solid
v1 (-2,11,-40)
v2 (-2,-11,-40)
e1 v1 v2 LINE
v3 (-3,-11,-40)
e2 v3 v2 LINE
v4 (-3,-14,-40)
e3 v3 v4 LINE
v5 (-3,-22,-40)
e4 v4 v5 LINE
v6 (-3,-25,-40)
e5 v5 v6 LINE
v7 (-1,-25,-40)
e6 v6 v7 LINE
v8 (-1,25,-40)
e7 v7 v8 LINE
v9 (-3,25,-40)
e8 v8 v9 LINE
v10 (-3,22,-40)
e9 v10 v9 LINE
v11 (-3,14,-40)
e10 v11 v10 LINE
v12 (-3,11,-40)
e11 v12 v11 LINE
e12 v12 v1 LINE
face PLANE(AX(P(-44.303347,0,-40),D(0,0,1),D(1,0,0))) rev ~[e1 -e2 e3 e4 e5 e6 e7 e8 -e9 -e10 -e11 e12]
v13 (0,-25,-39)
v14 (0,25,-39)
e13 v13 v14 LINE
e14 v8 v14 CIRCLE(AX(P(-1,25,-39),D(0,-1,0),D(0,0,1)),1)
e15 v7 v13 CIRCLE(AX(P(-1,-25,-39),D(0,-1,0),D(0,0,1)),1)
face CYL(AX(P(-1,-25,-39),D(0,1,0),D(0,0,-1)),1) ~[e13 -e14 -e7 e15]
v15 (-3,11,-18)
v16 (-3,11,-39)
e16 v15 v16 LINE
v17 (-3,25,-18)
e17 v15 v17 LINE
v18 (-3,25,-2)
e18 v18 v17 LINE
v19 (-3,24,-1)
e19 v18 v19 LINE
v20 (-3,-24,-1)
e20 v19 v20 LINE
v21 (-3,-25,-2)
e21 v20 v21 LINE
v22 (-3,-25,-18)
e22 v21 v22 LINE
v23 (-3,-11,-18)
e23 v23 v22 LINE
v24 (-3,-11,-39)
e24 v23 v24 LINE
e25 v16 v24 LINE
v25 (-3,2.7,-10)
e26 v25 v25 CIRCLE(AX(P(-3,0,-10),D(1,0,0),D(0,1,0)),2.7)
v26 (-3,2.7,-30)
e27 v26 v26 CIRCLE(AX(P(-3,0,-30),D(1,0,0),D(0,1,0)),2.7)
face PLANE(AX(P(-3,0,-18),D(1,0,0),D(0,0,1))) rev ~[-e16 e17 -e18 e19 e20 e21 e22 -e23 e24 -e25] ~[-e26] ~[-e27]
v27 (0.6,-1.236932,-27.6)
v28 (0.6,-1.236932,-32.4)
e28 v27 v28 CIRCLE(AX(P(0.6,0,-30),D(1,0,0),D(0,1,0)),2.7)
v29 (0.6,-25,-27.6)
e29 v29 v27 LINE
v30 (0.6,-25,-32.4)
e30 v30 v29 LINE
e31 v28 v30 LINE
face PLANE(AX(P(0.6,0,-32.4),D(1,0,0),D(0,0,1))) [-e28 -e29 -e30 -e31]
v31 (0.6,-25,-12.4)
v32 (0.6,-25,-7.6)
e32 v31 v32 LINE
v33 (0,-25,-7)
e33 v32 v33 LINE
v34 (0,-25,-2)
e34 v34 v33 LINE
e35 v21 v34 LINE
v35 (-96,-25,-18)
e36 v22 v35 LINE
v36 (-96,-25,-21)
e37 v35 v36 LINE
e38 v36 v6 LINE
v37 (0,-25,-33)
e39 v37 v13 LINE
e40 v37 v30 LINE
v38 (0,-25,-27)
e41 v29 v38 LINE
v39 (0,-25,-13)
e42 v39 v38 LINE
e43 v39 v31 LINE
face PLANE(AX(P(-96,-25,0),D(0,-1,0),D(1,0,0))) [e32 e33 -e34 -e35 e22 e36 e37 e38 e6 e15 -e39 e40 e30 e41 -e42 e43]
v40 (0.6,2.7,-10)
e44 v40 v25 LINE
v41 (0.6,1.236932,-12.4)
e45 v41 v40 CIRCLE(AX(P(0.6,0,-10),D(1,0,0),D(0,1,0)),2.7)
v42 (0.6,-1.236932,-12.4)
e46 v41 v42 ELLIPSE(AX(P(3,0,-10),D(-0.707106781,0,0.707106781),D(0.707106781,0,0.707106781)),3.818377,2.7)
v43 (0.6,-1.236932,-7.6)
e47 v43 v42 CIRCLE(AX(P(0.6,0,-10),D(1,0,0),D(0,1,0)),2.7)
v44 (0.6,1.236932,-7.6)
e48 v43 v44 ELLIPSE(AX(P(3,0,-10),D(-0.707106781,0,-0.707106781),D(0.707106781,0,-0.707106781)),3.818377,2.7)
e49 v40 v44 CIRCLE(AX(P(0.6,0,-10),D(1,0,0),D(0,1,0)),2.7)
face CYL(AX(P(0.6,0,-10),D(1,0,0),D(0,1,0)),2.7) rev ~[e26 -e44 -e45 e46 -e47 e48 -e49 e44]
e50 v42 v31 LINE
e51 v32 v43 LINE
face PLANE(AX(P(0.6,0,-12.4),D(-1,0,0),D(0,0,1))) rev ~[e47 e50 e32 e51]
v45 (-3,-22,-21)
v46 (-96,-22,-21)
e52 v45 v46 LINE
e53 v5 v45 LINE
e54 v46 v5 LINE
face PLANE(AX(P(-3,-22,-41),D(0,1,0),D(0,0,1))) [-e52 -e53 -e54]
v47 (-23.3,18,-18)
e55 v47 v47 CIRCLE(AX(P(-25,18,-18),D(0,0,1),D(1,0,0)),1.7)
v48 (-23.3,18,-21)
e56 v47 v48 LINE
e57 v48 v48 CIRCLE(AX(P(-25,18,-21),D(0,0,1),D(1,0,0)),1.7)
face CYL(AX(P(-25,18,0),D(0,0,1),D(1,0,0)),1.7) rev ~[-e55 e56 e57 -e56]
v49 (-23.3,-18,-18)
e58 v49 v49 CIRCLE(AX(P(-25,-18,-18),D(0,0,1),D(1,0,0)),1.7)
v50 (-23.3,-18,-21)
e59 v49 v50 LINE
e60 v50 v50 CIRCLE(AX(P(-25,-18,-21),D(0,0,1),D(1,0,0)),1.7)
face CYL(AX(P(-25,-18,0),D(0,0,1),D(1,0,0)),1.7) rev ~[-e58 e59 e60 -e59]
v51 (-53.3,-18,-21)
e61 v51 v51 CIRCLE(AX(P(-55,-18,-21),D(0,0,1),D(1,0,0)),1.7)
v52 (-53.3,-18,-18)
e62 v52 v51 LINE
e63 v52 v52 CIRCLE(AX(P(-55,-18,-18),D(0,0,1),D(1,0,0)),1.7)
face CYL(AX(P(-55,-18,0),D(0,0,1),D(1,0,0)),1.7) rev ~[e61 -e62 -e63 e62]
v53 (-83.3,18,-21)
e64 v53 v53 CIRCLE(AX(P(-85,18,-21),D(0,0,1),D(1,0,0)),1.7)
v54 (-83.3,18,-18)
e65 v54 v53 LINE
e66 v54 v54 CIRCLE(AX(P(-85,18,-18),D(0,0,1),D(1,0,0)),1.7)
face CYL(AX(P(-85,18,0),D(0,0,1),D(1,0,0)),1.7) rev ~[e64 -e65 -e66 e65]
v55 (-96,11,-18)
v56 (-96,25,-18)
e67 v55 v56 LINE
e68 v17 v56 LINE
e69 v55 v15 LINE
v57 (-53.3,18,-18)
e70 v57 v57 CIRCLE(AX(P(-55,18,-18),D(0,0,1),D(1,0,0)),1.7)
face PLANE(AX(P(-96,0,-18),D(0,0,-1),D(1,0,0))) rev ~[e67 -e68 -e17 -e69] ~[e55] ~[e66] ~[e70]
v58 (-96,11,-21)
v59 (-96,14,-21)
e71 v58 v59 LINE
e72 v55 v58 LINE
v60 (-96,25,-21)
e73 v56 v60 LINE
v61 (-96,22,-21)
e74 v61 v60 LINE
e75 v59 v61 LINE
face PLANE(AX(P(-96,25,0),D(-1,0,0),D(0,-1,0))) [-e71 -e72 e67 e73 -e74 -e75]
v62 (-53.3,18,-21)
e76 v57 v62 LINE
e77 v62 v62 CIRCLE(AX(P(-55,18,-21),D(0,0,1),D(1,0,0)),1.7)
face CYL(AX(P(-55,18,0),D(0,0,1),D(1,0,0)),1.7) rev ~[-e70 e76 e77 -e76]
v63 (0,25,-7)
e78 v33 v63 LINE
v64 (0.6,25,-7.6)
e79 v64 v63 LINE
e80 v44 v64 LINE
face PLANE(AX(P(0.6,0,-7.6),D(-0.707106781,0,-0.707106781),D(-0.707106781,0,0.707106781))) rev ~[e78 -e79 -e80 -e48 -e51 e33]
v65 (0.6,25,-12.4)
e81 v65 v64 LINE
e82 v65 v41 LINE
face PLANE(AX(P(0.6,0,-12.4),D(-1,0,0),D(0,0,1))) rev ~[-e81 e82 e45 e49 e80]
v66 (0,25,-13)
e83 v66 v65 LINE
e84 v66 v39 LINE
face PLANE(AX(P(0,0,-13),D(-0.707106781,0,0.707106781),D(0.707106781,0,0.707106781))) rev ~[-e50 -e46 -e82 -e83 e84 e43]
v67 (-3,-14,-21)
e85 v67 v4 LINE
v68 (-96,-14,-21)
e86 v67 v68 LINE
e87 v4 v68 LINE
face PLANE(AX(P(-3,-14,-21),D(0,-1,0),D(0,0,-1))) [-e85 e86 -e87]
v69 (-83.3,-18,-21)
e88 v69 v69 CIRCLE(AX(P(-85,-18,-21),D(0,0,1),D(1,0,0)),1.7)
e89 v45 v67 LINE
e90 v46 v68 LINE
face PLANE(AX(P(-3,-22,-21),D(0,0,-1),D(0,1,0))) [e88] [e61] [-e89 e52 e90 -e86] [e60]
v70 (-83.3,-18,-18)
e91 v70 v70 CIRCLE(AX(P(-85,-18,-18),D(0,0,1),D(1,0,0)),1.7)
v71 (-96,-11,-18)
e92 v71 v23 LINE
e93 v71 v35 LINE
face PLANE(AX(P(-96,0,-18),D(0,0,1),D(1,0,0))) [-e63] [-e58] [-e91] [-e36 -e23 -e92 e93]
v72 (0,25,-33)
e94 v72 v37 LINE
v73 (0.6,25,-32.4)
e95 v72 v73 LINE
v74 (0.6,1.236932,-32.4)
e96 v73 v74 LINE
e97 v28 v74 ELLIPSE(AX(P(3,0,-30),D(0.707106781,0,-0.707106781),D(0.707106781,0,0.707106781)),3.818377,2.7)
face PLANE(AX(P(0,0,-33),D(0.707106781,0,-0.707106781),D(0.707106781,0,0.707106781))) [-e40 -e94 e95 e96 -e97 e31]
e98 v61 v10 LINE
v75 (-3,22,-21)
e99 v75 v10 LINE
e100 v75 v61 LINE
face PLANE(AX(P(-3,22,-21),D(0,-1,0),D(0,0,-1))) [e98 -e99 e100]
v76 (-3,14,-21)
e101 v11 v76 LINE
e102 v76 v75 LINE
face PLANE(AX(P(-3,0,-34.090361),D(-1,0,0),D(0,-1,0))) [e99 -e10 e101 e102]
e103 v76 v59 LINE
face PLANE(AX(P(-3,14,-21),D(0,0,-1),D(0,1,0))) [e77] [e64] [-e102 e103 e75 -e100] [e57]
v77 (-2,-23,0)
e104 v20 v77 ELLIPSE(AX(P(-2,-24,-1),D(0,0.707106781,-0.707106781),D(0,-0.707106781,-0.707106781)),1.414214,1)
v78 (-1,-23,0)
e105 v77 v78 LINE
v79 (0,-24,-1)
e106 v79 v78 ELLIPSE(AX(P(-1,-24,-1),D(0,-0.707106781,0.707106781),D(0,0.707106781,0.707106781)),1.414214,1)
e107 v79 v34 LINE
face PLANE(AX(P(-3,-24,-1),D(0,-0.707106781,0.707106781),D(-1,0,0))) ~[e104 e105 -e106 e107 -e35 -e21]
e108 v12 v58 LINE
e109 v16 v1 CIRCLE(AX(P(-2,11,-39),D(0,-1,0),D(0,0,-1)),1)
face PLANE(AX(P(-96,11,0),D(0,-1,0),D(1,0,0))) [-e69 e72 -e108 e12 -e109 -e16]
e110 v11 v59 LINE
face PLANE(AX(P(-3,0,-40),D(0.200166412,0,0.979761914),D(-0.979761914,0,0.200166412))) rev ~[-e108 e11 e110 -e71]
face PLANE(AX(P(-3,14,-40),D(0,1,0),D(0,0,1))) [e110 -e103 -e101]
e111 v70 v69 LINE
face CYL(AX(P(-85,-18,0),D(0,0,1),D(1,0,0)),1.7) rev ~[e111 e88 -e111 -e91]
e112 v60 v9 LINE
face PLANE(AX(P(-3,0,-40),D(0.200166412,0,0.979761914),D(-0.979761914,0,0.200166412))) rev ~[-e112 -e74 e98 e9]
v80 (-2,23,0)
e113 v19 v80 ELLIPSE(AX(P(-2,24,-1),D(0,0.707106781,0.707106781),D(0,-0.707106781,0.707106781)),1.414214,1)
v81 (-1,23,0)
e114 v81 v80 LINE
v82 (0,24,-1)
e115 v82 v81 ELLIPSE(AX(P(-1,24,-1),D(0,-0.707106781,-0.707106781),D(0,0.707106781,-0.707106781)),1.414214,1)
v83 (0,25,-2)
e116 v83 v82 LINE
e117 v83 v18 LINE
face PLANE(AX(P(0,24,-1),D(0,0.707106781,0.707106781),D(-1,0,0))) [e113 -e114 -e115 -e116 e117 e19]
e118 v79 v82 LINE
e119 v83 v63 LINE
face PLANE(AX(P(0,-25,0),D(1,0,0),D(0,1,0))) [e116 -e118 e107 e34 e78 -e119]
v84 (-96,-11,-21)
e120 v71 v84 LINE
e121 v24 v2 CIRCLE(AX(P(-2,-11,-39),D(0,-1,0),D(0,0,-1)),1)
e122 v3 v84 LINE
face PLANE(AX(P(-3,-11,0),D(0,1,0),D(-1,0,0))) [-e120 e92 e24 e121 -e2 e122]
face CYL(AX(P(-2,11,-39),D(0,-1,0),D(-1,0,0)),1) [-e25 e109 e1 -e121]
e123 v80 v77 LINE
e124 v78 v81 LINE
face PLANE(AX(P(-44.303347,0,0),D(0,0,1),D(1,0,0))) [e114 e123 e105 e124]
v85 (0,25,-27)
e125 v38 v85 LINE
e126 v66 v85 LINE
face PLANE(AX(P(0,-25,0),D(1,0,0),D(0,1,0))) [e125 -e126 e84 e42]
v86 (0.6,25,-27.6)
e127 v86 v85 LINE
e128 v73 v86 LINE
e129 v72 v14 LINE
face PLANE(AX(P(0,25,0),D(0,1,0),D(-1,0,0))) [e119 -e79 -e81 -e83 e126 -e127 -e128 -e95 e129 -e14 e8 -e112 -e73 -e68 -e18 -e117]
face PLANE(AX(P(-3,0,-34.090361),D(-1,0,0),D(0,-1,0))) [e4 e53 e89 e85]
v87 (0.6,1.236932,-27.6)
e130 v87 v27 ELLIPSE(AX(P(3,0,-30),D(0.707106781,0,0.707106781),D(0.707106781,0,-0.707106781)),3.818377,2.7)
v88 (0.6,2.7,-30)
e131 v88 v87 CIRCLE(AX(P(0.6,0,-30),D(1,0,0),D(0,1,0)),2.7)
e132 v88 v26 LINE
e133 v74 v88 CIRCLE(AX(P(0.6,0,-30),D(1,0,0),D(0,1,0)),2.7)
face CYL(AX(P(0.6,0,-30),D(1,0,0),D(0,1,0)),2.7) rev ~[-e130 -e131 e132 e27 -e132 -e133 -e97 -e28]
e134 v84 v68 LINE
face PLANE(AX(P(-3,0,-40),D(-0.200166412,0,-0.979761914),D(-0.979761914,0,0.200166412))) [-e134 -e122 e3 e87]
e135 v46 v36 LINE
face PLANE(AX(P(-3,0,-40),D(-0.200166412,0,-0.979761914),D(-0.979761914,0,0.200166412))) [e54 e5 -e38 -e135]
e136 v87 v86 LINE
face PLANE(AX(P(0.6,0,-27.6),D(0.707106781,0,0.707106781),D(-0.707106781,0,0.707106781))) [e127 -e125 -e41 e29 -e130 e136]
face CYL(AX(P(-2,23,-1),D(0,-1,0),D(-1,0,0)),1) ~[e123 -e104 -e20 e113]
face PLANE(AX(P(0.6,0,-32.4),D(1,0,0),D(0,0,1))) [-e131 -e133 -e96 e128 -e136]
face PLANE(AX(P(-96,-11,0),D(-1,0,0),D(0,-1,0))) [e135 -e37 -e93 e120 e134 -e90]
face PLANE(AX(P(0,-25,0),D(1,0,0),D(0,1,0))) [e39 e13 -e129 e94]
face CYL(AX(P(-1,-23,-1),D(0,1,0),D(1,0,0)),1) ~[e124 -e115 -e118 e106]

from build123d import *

# Parameters (mm, degrees)
PAD_DEPTH         = 40
PAD001_DEPTH      = 25
POCKET_DEPTH      = 25.001
POCKET_DEPTH_BACK = -25.001
POCKET001_DEPTH   = 93
SKETCH003_R       = 1.7
POCKET002_DEPTH   = 40.001
SKETCH005_R       = 2.7
POCKET003_DEPTH   = 96.601
CHAMFER_SIZE      = 2
FILLET_R          = 1


with BuildPart() as part:
    # Sketch → Pad (new body)
    with BuildSketch(Plane.XY):
        Polygon((0, 25), (-96, 25), (-96, 11), (-3, 11), (-3, -11), (-96, -11), (-96, -25), (0, -25), align=None)
    extrude(amount=-PAD_DEPTH)

    # Sketch004 → Pad001 (join, symmetric)
    with BuildSketch(Plane.XZ):
        Polygon((0, -7), (0, -13), (0.6, -12.4), (0.6, -7.6), align=None)
        Polygon((0, -27), (0, -33), (0.6, -32.4), (0.6, -27.6), align=None)
    extrude(amount=PAD001_DEPTH, both=True)

    # Sketch001 → Pocket (cut, two sides)
    with BuildSketch(Plane.XZ) as pocket_sk:
        Polygon((-3, -40), (-96, -21), (-96, -18), (-3, -18), (-3, 0), (-97, 0), (-97, -40), align=None)
    extrude(amount=-POCKET_DEPTH, mode=Mode.SUBTRACT)
    extrude(pocket_sk.sketch, amount=-POCKET_DEPTH_BACK, mode=Mode.SUBTRACT)

    # Sketch002 → Pocket001 (cut)
    with BuildSketch(Plane.YZ.offset(-3)):
        Polygon((-22, -41), (-22, -21), (-14, -21), (-14, -40), (14, -40), (14, -21), (22, -21), (22, -41), align=None)
    extrude(amount=-POCKET001_DEPTH, mode=Mode.SUBTRACT)

    # Sketch003 → Pocket002 (cut, through all)
    with BuildSketch(Plane.XY):
        with Locations((-85, 18)):
            Circle(SKETCH003_R)
        with Locations((-25, 18)):
            Circle(SKETCH003_R)
        with Locations((-25, -18)):
            Circle(SKETCH003_R)
        with Locations((-85, -18)):
            Circle(SKETCH003_R)
        with Locations((-55, -18)):
            Circle(SKETCH003_R)
        with Locations((-55, 18)):
            Circle(SKETCH003_R)
    extrude(amount=-POCKET002_DEPTH, mode=Mode.SUBTRACT)

    # Sketch005 → Pocket003 (cut, through all)
    with BuildSketch(Plane.YZ.offset(0.6)):
        with Locations((0, -10)):
            Circle(SKETCH005_R)
        with Locations((0, -30)):
            Circle(SKETCH005_R)
    extrude(amount=-POCKET003_DEPTH, mode=Mode.SUBTRACT)

    # Chamfer
    chamfer_edges = [part.edges().sort_by_distance(p)[0] for p in [
        (-1.5, 25, 0),
        (-1.5, -25, 0),
    ]]
    chamfer(chamfer_edges, length=CHAMFER_SIZE)

    # Fillet
    fillet_edges = [part.edges().sort_by_distance(p)[0] for p in [
        (0, 0, 0),
        (0, 0, -40),
        (-3, 0, 0),
        (-3, 0, -40),
    ]]
    fillet(fillet_edges, radius=FILLET_R)


solid = part.part
